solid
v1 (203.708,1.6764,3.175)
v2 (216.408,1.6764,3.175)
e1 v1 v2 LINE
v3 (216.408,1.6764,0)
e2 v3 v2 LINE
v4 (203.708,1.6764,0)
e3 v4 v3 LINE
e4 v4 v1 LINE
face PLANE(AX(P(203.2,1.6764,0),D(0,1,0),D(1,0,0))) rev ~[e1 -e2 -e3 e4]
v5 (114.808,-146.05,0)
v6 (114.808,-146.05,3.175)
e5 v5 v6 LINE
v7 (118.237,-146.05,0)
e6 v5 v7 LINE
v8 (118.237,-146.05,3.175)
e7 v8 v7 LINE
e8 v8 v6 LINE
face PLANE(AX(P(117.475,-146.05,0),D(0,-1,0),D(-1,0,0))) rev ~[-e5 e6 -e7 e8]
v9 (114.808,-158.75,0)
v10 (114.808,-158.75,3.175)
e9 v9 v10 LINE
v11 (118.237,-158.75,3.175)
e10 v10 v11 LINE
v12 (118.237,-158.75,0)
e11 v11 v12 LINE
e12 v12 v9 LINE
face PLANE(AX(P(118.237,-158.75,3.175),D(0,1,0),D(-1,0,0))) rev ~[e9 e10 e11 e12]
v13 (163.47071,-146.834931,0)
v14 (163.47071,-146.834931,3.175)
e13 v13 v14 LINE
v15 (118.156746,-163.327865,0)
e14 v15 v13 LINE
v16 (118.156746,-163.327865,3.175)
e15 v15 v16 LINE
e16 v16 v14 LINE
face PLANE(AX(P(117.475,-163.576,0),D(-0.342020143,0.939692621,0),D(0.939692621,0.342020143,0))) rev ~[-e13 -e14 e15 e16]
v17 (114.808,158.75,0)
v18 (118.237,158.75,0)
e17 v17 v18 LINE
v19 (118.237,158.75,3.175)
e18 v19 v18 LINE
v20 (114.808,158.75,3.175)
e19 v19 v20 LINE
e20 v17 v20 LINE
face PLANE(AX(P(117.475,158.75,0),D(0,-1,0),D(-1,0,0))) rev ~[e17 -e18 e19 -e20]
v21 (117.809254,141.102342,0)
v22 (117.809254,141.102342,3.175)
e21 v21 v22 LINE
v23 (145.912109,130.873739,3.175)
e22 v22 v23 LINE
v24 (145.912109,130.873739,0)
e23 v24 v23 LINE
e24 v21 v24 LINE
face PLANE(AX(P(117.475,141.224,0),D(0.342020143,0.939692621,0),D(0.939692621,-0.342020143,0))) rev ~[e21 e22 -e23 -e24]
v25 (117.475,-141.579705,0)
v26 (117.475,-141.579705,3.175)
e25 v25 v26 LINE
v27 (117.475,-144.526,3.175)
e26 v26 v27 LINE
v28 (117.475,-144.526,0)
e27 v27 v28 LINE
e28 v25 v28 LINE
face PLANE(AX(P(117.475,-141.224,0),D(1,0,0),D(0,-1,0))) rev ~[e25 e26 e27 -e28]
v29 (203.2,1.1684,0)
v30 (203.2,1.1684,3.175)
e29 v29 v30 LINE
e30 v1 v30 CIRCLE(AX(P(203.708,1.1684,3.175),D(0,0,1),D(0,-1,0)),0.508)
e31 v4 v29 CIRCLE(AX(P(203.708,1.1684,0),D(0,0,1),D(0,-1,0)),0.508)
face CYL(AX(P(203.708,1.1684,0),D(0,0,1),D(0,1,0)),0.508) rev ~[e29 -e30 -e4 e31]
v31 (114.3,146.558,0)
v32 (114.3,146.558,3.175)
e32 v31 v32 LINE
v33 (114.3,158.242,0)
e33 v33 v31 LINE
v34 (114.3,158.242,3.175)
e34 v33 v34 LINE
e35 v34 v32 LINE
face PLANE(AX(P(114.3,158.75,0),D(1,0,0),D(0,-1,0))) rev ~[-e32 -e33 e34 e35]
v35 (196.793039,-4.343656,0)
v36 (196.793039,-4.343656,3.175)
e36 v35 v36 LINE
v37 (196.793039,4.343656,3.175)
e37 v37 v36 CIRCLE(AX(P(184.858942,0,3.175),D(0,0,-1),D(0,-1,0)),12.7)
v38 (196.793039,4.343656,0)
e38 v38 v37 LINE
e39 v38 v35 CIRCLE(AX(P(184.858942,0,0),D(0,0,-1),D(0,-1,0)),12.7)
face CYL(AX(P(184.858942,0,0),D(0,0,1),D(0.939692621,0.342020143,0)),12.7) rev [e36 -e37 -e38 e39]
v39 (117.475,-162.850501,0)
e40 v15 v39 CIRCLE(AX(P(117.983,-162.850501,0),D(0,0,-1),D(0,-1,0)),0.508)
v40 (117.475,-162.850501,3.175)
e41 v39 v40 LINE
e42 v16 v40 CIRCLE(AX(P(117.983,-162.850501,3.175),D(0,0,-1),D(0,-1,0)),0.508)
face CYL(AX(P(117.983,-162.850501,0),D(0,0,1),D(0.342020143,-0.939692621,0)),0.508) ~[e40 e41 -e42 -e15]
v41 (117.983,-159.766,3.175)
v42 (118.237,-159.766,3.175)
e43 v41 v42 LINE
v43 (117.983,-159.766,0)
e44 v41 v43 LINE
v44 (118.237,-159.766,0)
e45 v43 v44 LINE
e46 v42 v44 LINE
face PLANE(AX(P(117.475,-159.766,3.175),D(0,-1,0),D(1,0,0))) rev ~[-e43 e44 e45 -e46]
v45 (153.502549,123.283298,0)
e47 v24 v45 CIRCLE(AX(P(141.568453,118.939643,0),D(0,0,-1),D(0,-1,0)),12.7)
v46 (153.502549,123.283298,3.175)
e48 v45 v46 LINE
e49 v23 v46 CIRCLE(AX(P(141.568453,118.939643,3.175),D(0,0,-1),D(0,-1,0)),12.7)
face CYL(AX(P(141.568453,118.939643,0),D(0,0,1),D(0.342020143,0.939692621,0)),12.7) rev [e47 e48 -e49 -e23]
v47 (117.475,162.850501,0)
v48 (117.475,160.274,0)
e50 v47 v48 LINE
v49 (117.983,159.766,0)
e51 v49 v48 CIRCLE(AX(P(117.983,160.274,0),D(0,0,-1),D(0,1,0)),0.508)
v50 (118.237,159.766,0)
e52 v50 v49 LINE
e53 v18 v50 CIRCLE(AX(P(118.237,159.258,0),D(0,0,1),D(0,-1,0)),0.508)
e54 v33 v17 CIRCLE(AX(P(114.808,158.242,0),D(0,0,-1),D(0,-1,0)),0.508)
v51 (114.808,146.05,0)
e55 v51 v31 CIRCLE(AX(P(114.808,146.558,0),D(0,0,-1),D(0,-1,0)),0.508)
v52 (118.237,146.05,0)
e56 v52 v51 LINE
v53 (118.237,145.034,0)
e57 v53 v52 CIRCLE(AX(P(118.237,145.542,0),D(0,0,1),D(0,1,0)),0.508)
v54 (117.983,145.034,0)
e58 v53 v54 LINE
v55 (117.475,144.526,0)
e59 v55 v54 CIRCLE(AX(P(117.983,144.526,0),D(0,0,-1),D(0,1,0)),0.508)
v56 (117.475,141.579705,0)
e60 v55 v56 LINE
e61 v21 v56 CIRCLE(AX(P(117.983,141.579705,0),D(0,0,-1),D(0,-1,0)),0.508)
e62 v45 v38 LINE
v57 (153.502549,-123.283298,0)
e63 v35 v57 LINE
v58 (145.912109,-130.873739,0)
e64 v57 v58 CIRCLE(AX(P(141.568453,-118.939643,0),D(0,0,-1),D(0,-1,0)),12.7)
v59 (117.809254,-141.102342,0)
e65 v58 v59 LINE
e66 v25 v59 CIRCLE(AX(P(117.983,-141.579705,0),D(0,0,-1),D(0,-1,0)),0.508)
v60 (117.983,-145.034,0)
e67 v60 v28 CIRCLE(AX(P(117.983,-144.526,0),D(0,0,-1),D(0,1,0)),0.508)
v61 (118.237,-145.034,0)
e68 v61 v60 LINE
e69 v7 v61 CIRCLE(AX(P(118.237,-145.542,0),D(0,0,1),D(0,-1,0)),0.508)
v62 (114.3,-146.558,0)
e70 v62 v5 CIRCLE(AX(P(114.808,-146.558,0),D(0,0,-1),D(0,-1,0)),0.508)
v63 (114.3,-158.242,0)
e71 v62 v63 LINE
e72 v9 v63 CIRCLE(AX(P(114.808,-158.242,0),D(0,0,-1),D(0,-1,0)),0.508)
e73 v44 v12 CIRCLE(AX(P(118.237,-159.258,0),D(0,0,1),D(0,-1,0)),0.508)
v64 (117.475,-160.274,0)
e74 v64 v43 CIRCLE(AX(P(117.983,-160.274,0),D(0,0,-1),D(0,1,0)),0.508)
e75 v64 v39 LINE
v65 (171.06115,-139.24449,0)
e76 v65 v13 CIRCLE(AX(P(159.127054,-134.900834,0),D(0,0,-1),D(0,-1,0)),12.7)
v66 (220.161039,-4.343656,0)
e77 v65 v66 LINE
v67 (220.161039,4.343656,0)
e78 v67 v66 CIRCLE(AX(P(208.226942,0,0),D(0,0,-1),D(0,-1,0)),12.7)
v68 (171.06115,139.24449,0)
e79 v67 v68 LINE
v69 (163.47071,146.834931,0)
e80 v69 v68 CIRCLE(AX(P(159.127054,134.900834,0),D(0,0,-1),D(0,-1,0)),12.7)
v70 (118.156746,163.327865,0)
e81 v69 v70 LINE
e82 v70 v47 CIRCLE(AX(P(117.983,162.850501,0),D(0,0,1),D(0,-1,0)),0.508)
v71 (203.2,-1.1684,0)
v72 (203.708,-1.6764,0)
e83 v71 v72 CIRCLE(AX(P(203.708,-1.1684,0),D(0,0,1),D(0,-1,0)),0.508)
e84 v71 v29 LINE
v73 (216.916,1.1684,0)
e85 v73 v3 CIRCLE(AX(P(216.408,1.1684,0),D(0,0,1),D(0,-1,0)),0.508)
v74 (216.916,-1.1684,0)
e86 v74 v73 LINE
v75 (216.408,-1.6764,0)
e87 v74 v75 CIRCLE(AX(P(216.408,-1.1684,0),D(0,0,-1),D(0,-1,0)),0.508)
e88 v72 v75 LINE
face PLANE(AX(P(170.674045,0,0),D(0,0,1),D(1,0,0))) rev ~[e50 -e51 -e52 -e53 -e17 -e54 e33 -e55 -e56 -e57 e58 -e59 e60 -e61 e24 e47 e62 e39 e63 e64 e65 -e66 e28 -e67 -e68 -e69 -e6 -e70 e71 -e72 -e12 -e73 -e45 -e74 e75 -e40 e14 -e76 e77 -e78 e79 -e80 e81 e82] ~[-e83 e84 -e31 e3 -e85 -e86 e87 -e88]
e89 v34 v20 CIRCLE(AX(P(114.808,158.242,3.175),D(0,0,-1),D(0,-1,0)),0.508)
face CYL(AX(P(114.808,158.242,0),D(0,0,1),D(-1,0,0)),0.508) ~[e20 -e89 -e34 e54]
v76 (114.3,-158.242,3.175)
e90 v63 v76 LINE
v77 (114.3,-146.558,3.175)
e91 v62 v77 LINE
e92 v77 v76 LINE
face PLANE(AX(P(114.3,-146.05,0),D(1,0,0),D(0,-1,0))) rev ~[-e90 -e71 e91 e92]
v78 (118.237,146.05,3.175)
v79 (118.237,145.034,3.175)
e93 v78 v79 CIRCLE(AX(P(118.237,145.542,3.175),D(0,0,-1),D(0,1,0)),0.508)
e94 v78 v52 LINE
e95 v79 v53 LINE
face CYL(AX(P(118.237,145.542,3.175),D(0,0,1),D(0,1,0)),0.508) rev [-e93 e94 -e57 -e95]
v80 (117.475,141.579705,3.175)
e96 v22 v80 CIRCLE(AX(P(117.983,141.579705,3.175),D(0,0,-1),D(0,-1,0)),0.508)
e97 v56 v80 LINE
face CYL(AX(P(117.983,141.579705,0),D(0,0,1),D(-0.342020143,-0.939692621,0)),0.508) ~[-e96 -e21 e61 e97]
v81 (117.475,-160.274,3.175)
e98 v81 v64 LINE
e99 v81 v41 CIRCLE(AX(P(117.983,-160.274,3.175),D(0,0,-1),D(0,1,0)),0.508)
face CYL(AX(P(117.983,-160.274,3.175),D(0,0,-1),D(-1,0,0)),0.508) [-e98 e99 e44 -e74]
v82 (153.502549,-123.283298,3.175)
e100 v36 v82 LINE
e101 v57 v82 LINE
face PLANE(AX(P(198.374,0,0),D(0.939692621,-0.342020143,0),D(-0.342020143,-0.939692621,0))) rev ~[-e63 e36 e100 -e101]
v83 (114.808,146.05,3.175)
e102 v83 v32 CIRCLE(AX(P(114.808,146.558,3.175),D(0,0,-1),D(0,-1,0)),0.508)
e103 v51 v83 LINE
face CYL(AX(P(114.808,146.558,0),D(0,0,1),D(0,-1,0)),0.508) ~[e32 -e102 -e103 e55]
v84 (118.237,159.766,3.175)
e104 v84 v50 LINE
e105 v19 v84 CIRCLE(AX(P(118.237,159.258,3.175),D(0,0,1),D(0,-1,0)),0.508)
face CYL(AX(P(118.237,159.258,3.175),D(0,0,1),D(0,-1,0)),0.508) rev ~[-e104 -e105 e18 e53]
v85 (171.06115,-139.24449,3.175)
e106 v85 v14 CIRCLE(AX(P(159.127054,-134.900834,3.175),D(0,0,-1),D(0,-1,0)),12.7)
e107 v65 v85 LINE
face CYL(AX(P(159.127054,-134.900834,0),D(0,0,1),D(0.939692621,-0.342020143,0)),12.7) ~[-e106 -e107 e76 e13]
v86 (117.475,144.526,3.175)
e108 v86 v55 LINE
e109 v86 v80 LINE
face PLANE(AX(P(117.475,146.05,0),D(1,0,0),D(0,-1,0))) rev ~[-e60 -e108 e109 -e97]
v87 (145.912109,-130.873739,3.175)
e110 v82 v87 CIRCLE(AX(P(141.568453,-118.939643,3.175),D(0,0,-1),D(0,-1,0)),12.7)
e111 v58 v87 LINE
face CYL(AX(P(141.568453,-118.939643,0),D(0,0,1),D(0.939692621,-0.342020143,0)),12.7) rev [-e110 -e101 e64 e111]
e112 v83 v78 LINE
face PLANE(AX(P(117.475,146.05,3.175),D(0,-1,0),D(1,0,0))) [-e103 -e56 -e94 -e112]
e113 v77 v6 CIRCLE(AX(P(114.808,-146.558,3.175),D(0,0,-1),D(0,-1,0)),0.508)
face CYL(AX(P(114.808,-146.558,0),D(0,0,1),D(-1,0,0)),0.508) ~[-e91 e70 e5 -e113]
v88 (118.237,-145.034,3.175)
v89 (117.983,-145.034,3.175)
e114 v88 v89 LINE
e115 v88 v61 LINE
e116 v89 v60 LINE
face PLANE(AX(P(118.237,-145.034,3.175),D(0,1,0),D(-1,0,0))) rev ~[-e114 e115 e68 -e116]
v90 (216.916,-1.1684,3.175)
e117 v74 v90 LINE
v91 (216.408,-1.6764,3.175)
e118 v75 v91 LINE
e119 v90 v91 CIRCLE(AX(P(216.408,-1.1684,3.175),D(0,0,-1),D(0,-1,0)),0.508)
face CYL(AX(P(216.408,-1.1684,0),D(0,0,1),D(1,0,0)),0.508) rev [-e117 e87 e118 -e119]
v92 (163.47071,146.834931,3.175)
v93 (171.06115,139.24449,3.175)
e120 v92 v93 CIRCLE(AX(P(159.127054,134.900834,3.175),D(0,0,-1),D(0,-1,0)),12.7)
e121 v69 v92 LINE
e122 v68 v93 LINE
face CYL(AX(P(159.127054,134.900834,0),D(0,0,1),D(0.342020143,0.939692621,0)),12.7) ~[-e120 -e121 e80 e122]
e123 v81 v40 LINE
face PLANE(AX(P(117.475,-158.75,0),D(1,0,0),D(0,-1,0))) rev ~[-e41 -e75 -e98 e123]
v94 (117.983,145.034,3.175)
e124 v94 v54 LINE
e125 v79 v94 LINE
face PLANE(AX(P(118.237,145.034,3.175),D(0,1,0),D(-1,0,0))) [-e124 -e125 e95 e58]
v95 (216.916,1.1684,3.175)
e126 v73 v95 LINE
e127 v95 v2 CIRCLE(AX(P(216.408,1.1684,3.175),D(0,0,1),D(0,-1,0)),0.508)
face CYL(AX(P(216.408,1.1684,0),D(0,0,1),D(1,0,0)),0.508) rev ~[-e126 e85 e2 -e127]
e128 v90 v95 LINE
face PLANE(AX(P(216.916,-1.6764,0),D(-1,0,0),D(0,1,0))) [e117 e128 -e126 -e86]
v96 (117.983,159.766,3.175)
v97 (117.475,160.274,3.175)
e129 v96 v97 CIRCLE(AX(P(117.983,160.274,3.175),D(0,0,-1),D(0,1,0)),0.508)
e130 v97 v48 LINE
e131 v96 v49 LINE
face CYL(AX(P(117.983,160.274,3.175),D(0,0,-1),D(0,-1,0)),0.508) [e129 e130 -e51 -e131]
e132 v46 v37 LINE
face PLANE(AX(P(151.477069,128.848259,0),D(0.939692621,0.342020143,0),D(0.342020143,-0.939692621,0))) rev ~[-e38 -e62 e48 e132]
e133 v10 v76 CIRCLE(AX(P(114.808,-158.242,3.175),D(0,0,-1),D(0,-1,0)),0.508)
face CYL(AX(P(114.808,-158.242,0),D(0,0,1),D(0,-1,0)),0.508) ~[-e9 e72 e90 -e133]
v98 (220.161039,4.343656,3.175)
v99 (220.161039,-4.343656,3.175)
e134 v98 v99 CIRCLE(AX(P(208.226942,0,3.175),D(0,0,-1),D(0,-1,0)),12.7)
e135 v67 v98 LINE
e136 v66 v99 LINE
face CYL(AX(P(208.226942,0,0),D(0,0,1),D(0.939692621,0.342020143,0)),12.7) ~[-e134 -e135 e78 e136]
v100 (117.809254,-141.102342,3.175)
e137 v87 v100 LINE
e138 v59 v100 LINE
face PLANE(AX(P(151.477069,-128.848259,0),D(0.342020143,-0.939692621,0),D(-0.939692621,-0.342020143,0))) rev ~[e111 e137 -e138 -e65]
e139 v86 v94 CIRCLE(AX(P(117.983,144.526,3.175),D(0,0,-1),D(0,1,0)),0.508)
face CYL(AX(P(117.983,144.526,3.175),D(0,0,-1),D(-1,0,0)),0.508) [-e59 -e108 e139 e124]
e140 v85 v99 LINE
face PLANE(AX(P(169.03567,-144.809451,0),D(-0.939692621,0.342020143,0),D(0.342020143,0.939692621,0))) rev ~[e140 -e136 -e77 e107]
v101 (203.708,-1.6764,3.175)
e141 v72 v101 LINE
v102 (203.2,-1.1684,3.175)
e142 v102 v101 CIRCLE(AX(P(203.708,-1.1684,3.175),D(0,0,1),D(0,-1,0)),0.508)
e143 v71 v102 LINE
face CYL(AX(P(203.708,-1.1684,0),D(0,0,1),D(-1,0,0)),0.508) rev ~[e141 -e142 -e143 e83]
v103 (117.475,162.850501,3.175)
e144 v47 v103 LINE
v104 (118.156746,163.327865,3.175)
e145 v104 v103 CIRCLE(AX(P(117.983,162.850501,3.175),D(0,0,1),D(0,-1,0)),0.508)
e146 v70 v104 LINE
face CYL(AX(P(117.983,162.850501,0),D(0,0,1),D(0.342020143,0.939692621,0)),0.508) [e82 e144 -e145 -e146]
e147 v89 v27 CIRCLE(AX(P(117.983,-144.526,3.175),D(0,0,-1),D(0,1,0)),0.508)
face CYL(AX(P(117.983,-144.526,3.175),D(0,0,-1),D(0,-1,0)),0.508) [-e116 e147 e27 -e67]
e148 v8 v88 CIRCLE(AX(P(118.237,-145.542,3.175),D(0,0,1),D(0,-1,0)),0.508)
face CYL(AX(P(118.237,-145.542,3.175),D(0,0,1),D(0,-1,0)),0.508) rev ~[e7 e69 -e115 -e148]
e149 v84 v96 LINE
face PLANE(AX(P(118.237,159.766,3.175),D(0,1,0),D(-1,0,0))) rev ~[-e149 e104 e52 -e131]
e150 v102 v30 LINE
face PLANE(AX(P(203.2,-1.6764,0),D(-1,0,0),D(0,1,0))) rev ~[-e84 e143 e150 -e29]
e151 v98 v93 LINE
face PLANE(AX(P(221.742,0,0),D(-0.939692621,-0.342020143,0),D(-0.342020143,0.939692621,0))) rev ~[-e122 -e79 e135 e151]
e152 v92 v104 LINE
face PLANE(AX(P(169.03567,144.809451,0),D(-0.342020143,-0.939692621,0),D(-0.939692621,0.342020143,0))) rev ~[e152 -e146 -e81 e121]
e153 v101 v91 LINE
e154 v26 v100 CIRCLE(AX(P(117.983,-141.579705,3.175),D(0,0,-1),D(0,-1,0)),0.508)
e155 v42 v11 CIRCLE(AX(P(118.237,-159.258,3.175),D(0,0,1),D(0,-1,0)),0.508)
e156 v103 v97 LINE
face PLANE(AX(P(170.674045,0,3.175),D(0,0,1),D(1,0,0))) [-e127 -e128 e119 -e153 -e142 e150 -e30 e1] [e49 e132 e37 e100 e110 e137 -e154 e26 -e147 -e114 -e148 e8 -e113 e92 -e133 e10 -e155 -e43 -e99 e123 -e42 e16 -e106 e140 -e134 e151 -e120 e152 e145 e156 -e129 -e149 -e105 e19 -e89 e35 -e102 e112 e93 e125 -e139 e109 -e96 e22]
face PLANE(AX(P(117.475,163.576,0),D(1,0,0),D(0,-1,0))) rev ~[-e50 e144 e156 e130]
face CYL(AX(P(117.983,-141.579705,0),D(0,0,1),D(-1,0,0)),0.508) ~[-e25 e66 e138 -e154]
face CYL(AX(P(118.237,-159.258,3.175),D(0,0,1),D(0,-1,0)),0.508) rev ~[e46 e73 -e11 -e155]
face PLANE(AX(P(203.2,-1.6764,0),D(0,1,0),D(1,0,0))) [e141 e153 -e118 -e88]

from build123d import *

# Parameters (mm, degrees)
SKETCH1_W           = 13.716
SKETCH1_H           = 3.3528
BOSS_EXTRUDE1_DEPTH = 3.175
FILLET1_R           = 12.7
CUT_EXTRUDE1_DEPTH  = 4.175
FILLET2_R           = 0.508


with BuildPart() as part:
    # Sketch1 → Boss-Extrude1 (new body)
    with BuildSketch(Plane.XY):
        Polygon((114.3, 158.75), (114.3, 146.05), (117.475, 146.05), (117.475, 141.224), (151.477068993, 128.848258983), (198.374, 0), (151.477068993, -128.848258983), (117.475, -141.224), (117.475, -146.05), (114.3, -146.05), (114.3, -158.75), (117.475, -158.75), (117.475, -163.576), (169.035670284, -144.809450758), (221.742, 0), (169.035670284, 144.809450758), (117.475, 163.576), (117.475, 158.75), align=None)
        with Locations((210.058, 0)):
            Rectangle(SKETCH1_W, SKETCH1_H, mode=Mode.SUBTRACT)
    extrude(amount=BOSS_EXTRUDE1_DEPTH)

    # Fillet1
    fillet1_edges = [part.edges().sort_by_distance(p)[0] for p in [
        (169.035670284, 144.809450758, 1.5875),
        (221.742, 0, 1.5875),
        (169.035670284, -144.809450758, 1.5875),
        (151.477068993, -128.848258983, 1.5875),
        (198.374, 0, 1.5875),
        (151.477068993, 128.848258983, 1.5875),
    ]]
    fillet(fillet1_edges, radius=FILLET1_R)

    # Sketch2 → Cut-Extrude1 (cut, through all)
    with BuildSketch(Plane.XY.offset(3.175)):
        with BuildLine():
            Line((117.475, 146.05), (118.237, 146.05))
            ThreePointArc((118.237, 146.05), (118.745, 145.542), (118.237, 145.034))
            Line((118.237, 145.034), (117.475, 145.034))
            Line((117.475, 145.034), (117.475, 146.05))
        make_face()
        with BuildLine():
            Line((117.475, 158.75), (118.237, 158.75))
            ThreePointArc((118.237, 158.75), (118.745, 159.258), (118.237, 159.766))
            Line((118.237, 159.766), (117.475, 159.766))
            Line((117.475, 159.766), (117.475, 158.75))
        make_face()
        with BuildLine():
            Line((117.475, -145.034), (117.475, -146.05))
            Line((117.475, -146.05), (118.237, -146.05))
            ThreePointArc((118.237, -146.05), (118.745, -145.542), (118.237, -145.034))
            Line((118.237, -145.034), (117.475, -145.034))
        make_face()
        with BuildLine():
            Line((117.475, -158.75), (117.475, -159.766))
            Line((117.475, -159.766), (118.237, -159.766))
            ThreePointArc((118.237, -159.766), (118.745, -159.258), (118.237, -158.75))
            Line((118.237, -158.75), (117.475, -158.75))
        make_face()
    extrude(amount=-CUT_EXTRUDE1_DEPTH, mode=Mode.SUBTRACT)

    # Fillet2
    fillet2_edges = [part.edges().sort_by_distance(p)[0] for p in [
        (117.475, 163.576, 1.5875),
        (117.475, -163.576, 1.5875),
        (114.3, -158.75, 1.5875),
        (114.3, -146.05, 1.5875),
        (117.475, -141.224, 1.5875),
        (117.475, 141.224, 1.5875),
        (114.3, 146.05, 1.5875),
        (114.3, 158.75, 1.5875),
        (117.475, 159.766, 1.5875),
        (117.475, -159.766, 1.5875),
        (117.475, -145.034, 1.5875),
        (117.475, 145.034, 1.5875),
        (203.2, 1.6764, 1.5875),
        (203.2, -1.6764, 1.5875),
        (216.916, -1.6764, 1.5875),
        (216.916, 1.6764, 1.5875),
    ]]
    fillet(fillet2_edges, radius=FILLET2_R)


solid = part.part
